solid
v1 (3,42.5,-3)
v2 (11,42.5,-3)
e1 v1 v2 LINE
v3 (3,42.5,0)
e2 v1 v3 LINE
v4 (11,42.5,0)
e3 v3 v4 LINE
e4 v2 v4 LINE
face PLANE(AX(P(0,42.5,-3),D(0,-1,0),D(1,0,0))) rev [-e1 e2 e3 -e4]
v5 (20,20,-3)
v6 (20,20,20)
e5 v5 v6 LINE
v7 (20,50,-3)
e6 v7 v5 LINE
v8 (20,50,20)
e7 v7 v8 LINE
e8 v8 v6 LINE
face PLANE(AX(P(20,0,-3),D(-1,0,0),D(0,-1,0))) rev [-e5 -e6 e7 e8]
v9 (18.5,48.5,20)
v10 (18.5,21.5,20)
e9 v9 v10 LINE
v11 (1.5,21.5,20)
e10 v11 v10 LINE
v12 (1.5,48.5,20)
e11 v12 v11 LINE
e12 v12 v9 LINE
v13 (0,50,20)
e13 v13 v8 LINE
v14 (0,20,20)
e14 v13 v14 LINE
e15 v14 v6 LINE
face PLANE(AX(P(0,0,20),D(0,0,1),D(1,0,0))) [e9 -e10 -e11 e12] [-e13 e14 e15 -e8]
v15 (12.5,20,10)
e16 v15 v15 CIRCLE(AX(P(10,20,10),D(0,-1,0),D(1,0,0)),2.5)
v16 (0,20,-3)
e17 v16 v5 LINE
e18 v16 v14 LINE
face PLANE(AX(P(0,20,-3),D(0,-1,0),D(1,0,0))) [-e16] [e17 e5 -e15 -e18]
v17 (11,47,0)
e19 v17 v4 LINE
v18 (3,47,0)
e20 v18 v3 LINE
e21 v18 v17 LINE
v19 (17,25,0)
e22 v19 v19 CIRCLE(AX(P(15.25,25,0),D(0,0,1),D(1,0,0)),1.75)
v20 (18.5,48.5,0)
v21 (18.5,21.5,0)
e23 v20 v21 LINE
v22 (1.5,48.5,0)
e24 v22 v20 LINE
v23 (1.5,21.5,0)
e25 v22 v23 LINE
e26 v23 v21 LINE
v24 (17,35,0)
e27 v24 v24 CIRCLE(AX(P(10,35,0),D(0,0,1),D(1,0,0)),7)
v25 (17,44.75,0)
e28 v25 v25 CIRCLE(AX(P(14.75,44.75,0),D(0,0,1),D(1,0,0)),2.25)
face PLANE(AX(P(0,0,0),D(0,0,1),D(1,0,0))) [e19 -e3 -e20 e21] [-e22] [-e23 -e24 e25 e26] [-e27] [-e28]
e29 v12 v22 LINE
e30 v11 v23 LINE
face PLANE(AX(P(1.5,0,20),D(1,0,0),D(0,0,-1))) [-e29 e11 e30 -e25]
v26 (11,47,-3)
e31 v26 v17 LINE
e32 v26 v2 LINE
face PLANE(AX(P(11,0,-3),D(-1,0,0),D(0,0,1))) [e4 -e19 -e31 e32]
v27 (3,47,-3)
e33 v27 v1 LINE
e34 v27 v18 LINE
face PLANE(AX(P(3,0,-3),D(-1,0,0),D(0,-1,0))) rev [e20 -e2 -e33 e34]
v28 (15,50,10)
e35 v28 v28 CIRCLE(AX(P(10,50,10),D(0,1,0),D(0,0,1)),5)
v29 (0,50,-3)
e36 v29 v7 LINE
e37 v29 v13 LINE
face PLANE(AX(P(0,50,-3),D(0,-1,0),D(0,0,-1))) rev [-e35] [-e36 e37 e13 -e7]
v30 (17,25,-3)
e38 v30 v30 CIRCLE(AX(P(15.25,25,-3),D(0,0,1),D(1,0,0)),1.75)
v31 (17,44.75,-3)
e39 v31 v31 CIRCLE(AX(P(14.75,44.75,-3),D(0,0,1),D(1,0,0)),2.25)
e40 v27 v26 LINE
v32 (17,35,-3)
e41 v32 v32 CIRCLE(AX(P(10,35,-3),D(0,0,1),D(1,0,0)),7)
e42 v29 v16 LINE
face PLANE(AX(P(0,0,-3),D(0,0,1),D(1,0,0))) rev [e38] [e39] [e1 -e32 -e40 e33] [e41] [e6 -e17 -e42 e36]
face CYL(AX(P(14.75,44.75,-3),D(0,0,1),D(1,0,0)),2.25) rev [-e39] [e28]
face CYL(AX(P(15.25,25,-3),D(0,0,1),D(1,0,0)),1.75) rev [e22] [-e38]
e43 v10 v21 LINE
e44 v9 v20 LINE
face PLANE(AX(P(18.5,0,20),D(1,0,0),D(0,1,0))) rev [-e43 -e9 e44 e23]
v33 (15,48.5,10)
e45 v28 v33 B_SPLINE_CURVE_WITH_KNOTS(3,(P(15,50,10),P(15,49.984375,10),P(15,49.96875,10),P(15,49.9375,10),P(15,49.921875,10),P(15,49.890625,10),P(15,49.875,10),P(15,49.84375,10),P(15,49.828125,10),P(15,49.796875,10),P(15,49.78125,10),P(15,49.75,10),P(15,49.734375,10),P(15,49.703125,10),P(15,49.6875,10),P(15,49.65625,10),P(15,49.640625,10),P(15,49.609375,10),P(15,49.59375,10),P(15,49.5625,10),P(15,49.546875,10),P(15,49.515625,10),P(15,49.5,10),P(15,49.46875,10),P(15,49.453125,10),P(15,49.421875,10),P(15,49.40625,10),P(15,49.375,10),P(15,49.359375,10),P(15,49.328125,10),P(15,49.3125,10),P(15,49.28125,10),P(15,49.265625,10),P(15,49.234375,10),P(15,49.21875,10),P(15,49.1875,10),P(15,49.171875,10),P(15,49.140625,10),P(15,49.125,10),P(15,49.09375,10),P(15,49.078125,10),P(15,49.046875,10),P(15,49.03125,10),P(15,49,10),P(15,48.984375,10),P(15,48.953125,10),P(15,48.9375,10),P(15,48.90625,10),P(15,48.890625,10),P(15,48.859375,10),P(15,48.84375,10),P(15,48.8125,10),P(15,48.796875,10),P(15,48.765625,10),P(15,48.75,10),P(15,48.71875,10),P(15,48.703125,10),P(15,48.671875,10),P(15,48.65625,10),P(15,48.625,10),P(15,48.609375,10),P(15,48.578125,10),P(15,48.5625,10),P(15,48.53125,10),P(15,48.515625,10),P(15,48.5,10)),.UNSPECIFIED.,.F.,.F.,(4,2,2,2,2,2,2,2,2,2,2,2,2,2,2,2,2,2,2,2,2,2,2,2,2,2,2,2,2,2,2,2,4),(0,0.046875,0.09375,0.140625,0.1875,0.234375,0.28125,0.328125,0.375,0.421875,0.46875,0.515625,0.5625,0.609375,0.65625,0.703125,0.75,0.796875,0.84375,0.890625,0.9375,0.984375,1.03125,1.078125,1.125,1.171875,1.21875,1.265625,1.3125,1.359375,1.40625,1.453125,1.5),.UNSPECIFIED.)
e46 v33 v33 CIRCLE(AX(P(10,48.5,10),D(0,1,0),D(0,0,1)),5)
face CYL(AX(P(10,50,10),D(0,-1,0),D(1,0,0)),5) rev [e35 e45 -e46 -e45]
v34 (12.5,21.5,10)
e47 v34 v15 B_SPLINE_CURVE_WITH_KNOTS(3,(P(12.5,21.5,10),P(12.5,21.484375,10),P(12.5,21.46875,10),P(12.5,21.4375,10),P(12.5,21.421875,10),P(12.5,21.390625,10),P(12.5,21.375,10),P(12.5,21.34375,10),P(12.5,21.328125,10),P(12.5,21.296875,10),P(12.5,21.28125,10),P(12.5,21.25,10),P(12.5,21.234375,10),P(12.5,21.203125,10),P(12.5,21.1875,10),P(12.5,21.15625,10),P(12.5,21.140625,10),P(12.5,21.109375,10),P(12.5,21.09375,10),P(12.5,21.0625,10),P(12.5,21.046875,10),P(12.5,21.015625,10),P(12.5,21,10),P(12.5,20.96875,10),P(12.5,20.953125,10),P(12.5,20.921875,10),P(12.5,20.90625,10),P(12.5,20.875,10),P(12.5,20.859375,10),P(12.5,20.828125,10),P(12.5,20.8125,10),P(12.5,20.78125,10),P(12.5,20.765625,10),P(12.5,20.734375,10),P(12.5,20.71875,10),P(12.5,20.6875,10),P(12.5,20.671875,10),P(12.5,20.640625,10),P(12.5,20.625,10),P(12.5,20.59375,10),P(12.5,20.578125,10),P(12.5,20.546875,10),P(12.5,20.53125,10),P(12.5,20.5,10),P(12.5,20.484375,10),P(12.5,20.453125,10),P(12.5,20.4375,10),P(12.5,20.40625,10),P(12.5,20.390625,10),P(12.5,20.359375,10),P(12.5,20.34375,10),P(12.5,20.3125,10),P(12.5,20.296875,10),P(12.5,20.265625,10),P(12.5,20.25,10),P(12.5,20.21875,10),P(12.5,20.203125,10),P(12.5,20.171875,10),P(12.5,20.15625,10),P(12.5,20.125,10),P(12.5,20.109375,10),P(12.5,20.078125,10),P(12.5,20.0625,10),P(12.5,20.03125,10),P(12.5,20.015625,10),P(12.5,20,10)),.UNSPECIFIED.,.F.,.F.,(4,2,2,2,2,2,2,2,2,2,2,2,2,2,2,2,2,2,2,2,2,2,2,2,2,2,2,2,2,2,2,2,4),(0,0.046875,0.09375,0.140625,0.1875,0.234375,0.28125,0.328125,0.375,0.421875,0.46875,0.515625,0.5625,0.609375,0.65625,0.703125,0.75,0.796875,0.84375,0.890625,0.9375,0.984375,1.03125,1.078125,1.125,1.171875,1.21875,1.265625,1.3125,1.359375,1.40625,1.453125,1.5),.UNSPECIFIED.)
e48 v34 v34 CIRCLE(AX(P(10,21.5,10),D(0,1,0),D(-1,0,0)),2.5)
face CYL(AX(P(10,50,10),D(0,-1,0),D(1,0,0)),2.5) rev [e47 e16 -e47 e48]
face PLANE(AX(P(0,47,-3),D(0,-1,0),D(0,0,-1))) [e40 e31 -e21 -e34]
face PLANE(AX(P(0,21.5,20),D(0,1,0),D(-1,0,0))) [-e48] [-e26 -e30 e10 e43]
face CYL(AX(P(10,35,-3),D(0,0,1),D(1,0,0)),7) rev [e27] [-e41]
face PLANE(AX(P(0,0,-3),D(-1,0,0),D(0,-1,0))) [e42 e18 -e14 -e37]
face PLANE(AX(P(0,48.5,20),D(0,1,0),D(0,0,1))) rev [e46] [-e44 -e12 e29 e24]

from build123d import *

# Parameters (mm, degrees)
SKETCH1_W           = 20
SKETCH1_H           = 30
SKETCH1_W_2         = 8
SKETCH1_H_2         = 4.5
SKETCH1_R           = 1.75
SKETCH1_R_2         = 2.25
SKETCH1_R_3         = 7
BOSS_EXTRUDE1_DEPTH = 3
SKETCH1_3_W         = 20
SKETCH1_3_H         = 30
SKETCH1_3_W_2       = 17
SKETCH1_3_H_2       = 27
BOSS_EXTRUDE2_DEPTH = 20
SKETCH2_R           = 2.5
CUT_EXTRUDE1_DEPTH  = 42.231056256
CUT_EXTRUDE2_START  = -28.5
SKETCH2_3_R         = 5
SKETCH2_3_R_2       = 2.5
CUT_EXTRUDE2_DEPTH  = 13.731056256


with BuildPart() as part:
    # Sketch1 → Boss-Extrude1 (new body)
    with BuildSketch(Plane.XY):
        with Locations((10, 35)):
            Rectangle(SKETCH1_W, SKETCH1_H)
        with Locations((7, 44.75)):
            Rectangle(SKETCH1_W_2, SKETCH1_H_2, mode=Mode.SUBTRACT)
        with Locations((15.25, 25)):
            Circle(SKETCH1_R, mode=Mode.SUBTRACT)
        with Locations((14.75, 44.75)):
            Circle(SKETCH1_R_2, mode=Mode.SUBTRACT)
        with Locations((10, 35)):
            Circle(SKETCH1_R_3, mode=Mode.SUBTRACT)
    extrude(amount=-BOSS_EXTRUDE1_DEPTH)

    # Sketch1<3> → Boss-Extrude2 (add)
    with BuildSketch(Plane.XY):
        with Locations((10, 35)):
            Rectangle(SKETCH1_3_W, SKETCH1_3_H)
        with Locations((10, 35)):
            Rectangle(SKETCH1_3_W_2, SKETCH1_3_H_2, mode=Mode.SUBTRACT)
    extrude(amount=BOSS_EXTRUDE2_DEPTH)

    # Sketch2 → Cut-Extrude1 (cut, through all)
    with BuildSketch(Plane.XZ.offset(-20)):
        with Locations((10, 10)):
            Circle(SKETCH2_R)
    extrude(amount=-CUT_EXTRUDE1_DEPTH, mode=Mode.SUBTRACT)

    # Sketch2<3> → Cut-Extrude2 (cut, through all)
    with BuildSketch(Plane.XZ.offset(-20).offset(CUT_EXTRUDE2_START)):
        with Locations((10, 10)):
            Circle(SKETCH2_3_R)
        with Locations((10, 10)):
            Circle(SKETCH2_3_R_2, mode=Mode.SUBTRACT)
    extrude(amount=-CUT_EXTRUDE2_DEPTH, mode=Mode.SUBTRACT)


solid = part.part
